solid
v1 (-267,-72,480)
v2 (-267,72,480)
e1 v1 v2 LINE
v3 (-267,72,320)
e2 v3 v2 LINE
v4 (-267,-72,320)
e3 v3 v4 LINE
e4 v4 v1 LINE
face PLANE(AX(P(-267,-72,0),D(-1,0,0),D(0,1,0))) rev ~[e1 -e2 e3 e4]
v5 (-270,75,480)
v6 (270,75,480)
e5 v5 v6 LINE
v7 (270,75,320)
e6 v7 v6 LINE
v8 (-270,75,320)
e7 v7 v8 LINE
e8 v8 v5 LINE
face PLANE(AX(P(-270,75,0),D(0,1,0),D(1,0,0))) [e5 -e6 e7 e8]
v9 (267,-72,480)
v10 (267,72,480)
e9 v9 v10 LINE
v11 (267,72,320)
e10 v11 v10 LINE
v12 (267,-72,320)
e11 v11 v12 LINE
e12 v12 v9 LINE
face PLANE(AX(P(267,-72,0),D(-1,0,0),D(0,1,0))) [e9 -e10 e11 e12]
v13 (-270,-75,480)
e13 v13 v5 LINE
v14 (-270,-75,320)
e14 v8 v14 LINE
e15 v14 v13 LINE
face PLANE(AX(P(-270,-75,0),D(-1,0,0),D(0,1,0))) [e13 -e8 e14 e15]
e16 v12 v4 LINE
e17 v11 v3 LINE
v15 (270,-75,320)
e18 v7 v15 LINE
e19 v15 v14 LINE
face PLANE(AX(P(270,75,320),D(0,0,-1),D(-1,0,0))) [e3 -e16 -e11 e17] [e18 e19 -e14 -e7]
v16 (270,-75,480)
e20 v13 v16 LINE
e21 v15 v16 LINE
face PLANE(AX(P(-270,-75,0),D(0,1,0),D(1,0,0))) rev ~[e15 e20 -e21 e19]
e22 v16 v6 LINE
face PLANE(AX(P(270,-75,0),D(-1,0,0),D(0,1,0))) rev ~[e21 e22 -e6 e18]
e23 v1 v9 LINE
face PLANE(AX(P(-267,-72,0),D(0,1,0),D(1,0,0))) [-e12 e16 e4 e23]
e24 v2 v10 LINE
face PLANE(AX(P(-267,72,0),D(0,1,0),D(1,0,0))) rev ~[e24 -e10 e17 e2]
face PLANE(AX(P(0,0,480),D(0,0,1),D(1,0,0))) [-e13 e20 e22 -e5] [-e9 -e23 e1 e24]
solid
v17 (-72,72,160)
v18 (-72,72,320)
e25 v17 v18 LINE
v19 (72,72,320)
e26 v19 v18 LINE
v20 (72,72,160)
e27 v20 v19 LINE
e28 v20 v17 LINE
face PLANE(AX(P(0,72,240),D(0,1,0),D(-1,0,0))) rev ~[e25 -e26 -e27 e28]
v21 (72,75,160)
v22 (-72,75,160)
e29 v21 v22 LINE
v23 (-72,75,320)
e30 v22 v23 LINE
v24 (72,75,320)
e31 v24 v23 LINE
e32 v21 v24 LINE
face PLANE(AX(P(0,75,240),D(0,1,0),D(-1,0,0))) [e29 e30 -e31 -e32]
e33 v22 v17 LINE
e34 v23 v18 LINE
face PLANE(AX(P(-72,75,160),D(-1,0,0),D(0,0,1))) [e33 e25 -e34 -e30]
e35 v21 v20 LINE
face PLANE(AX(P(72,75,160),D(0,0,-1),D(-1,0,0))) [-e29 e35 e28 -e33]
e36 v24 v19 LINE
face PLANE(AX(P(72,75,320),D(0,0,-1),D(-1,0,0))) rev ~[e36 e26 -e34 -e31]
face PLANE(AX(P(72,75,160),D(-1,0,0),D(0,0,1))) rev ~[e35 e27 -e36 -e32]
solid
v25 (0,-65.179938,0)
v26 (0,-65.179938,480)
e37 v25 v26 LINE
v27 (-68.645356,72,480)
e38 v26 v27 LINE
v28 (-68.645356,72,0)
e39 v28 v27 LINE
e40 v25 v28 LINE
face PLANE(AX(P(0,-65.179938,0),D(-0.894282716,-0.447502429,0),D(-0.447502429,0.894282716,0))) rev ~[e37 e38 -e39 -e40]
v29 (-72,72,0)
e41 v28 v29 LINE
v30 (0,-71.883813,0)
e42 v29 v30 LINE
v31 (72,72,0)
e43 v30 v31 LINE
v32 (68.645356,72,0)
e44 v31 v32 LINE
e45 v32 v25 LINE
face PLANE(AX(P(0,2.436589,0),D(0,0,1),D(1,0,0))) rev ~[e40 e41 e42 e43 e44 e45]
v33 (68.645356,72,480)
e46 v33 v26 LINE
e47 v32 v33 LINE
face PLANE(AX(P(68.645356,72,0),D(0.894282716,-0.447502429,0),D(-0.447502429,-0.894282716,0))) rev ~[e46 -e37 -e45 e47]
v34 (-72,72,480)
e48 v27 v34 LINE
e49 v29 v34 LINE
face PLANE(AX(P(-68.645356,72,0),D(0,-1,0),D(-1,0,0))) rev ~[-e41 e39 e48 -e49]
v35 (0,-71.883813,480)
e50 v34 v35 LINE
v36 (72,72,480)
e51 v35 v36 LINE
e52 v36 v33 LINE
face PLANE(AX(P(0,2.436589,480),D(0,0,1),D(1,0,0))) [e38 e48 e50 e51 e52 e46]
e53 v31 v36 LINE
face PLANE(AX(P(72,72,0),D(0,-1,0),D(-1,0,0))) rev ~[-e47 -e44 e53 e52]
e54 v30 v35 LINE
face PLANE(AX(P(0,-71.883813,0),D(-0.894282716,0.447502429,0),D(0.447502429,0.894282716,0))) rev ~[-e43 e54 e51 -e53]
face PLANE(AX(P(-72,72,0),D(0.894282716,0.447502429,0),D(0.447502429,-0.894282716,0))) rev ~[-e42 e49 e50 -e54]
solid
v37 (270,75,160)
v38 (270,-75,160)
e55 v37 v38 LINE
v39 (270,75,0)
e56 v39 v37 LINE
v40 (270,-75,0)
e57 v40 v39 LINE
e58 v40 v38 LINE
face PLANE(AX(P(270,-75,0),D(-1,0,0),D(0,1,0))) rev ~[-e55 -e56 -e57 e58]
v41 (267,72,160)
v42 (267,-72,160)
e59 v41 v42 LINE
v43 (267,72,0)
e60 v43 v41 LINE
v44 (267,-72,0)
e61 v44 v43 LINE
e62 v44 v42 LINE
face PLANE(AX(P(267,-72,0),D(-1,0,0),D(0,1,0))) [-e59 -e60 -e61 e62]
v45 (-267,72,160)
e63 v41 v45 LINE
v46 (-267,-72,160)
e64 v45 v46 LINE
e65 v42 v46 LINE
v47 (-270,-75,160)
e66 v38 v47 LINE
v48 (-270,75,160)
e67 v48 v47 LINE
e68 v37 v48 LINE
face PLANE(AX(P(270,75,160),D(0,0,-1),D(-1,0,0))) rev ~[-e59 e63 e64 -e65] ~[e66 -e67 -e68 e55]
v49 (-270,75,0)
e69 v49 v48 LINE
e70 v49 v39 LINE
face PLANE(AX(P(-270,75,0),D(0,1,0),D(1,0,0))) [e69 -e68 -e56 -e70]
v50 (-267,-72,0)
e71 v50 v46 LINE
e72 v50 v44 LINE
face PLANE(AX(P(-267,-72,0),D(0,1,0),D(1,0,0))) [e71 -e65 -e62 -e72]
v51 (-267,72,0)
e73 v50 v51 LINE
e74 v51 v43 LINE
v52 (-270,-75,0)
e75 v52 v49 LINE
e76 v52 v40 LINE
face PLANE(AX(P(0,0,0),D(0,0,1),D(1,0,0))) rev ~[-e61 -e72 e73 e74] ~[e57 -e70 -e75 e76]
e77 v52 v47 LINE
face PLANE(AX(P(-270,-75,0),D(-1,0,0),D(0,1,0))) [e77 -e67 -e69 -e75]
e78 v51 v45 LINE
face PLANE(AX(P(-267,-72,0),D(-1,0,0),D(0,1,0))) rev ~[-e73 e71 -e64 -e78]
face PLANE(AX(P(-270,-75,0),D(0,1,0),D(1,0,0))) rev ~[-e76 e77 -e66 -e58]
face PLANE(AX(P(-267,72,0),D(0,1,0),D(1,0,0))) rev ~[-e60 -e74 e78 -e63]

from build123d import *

# Parameters (mm, degrees)
F0_W     = 540
F0_H     = 150
F0_W_2   = 534
F0_H_2   = 144
F1_DEPTH = 480
F2_W     = 540
F2_H     = 160
F3_DEPTH = 150.001
F5_DEPTH = 480
F6_W     = 144
F6_H     = 160
F7_DEPTH = 3


with BuildPart() as f1:
    # F0 (on Top) → F1 (new body)
    with BuildSketch(Plane.XY):
        Rectangle(F0_W, F0_H)
        Rectangle(F0_W_2, F0_H_2, mode=Mode.SUBTRACT)
    extrude(amount=F1_DEPTH)

    # F2 (on face) → F3 (cut, through all)
    with BuildSketch(Plane(origin=(0, 75, 0), x_dir=(-1, 0, 0), z_dir=(0, 1, 0))):
        with Locations((0, 240)):
            Rectangle(F2_W, F2_H)
    extrude(amount=-F3_DEPTH, mode=Mode.SUBTRACT)


with BuildPart() as f5:
    # F4 (on Top) → F5 (new body)
    with BuildSketch(Plane.XY):
        Polygon((-72, 72), (0, -71.8838125467), (72, 72), (68.6453561654, 72), (0, -65.1799383154), (-68.6453561654, 72), align=None)
    extrude(amount=F5_DEPTH)


with BuildPart() as f7:
    # F6 (on face) → F7 (new body)
    with BuildSketch(Plane(origin=(0, 75, 0), x_dir=(-1, 0, 0), z_dir=(0, 1, 0))):
        with Locations((0, 240)):
            Rectangle(F6_W, F6_H)
    extrude(amount=-F7_DEPTH)


solid = Compound([f1.part, f5.part, f7.part])
